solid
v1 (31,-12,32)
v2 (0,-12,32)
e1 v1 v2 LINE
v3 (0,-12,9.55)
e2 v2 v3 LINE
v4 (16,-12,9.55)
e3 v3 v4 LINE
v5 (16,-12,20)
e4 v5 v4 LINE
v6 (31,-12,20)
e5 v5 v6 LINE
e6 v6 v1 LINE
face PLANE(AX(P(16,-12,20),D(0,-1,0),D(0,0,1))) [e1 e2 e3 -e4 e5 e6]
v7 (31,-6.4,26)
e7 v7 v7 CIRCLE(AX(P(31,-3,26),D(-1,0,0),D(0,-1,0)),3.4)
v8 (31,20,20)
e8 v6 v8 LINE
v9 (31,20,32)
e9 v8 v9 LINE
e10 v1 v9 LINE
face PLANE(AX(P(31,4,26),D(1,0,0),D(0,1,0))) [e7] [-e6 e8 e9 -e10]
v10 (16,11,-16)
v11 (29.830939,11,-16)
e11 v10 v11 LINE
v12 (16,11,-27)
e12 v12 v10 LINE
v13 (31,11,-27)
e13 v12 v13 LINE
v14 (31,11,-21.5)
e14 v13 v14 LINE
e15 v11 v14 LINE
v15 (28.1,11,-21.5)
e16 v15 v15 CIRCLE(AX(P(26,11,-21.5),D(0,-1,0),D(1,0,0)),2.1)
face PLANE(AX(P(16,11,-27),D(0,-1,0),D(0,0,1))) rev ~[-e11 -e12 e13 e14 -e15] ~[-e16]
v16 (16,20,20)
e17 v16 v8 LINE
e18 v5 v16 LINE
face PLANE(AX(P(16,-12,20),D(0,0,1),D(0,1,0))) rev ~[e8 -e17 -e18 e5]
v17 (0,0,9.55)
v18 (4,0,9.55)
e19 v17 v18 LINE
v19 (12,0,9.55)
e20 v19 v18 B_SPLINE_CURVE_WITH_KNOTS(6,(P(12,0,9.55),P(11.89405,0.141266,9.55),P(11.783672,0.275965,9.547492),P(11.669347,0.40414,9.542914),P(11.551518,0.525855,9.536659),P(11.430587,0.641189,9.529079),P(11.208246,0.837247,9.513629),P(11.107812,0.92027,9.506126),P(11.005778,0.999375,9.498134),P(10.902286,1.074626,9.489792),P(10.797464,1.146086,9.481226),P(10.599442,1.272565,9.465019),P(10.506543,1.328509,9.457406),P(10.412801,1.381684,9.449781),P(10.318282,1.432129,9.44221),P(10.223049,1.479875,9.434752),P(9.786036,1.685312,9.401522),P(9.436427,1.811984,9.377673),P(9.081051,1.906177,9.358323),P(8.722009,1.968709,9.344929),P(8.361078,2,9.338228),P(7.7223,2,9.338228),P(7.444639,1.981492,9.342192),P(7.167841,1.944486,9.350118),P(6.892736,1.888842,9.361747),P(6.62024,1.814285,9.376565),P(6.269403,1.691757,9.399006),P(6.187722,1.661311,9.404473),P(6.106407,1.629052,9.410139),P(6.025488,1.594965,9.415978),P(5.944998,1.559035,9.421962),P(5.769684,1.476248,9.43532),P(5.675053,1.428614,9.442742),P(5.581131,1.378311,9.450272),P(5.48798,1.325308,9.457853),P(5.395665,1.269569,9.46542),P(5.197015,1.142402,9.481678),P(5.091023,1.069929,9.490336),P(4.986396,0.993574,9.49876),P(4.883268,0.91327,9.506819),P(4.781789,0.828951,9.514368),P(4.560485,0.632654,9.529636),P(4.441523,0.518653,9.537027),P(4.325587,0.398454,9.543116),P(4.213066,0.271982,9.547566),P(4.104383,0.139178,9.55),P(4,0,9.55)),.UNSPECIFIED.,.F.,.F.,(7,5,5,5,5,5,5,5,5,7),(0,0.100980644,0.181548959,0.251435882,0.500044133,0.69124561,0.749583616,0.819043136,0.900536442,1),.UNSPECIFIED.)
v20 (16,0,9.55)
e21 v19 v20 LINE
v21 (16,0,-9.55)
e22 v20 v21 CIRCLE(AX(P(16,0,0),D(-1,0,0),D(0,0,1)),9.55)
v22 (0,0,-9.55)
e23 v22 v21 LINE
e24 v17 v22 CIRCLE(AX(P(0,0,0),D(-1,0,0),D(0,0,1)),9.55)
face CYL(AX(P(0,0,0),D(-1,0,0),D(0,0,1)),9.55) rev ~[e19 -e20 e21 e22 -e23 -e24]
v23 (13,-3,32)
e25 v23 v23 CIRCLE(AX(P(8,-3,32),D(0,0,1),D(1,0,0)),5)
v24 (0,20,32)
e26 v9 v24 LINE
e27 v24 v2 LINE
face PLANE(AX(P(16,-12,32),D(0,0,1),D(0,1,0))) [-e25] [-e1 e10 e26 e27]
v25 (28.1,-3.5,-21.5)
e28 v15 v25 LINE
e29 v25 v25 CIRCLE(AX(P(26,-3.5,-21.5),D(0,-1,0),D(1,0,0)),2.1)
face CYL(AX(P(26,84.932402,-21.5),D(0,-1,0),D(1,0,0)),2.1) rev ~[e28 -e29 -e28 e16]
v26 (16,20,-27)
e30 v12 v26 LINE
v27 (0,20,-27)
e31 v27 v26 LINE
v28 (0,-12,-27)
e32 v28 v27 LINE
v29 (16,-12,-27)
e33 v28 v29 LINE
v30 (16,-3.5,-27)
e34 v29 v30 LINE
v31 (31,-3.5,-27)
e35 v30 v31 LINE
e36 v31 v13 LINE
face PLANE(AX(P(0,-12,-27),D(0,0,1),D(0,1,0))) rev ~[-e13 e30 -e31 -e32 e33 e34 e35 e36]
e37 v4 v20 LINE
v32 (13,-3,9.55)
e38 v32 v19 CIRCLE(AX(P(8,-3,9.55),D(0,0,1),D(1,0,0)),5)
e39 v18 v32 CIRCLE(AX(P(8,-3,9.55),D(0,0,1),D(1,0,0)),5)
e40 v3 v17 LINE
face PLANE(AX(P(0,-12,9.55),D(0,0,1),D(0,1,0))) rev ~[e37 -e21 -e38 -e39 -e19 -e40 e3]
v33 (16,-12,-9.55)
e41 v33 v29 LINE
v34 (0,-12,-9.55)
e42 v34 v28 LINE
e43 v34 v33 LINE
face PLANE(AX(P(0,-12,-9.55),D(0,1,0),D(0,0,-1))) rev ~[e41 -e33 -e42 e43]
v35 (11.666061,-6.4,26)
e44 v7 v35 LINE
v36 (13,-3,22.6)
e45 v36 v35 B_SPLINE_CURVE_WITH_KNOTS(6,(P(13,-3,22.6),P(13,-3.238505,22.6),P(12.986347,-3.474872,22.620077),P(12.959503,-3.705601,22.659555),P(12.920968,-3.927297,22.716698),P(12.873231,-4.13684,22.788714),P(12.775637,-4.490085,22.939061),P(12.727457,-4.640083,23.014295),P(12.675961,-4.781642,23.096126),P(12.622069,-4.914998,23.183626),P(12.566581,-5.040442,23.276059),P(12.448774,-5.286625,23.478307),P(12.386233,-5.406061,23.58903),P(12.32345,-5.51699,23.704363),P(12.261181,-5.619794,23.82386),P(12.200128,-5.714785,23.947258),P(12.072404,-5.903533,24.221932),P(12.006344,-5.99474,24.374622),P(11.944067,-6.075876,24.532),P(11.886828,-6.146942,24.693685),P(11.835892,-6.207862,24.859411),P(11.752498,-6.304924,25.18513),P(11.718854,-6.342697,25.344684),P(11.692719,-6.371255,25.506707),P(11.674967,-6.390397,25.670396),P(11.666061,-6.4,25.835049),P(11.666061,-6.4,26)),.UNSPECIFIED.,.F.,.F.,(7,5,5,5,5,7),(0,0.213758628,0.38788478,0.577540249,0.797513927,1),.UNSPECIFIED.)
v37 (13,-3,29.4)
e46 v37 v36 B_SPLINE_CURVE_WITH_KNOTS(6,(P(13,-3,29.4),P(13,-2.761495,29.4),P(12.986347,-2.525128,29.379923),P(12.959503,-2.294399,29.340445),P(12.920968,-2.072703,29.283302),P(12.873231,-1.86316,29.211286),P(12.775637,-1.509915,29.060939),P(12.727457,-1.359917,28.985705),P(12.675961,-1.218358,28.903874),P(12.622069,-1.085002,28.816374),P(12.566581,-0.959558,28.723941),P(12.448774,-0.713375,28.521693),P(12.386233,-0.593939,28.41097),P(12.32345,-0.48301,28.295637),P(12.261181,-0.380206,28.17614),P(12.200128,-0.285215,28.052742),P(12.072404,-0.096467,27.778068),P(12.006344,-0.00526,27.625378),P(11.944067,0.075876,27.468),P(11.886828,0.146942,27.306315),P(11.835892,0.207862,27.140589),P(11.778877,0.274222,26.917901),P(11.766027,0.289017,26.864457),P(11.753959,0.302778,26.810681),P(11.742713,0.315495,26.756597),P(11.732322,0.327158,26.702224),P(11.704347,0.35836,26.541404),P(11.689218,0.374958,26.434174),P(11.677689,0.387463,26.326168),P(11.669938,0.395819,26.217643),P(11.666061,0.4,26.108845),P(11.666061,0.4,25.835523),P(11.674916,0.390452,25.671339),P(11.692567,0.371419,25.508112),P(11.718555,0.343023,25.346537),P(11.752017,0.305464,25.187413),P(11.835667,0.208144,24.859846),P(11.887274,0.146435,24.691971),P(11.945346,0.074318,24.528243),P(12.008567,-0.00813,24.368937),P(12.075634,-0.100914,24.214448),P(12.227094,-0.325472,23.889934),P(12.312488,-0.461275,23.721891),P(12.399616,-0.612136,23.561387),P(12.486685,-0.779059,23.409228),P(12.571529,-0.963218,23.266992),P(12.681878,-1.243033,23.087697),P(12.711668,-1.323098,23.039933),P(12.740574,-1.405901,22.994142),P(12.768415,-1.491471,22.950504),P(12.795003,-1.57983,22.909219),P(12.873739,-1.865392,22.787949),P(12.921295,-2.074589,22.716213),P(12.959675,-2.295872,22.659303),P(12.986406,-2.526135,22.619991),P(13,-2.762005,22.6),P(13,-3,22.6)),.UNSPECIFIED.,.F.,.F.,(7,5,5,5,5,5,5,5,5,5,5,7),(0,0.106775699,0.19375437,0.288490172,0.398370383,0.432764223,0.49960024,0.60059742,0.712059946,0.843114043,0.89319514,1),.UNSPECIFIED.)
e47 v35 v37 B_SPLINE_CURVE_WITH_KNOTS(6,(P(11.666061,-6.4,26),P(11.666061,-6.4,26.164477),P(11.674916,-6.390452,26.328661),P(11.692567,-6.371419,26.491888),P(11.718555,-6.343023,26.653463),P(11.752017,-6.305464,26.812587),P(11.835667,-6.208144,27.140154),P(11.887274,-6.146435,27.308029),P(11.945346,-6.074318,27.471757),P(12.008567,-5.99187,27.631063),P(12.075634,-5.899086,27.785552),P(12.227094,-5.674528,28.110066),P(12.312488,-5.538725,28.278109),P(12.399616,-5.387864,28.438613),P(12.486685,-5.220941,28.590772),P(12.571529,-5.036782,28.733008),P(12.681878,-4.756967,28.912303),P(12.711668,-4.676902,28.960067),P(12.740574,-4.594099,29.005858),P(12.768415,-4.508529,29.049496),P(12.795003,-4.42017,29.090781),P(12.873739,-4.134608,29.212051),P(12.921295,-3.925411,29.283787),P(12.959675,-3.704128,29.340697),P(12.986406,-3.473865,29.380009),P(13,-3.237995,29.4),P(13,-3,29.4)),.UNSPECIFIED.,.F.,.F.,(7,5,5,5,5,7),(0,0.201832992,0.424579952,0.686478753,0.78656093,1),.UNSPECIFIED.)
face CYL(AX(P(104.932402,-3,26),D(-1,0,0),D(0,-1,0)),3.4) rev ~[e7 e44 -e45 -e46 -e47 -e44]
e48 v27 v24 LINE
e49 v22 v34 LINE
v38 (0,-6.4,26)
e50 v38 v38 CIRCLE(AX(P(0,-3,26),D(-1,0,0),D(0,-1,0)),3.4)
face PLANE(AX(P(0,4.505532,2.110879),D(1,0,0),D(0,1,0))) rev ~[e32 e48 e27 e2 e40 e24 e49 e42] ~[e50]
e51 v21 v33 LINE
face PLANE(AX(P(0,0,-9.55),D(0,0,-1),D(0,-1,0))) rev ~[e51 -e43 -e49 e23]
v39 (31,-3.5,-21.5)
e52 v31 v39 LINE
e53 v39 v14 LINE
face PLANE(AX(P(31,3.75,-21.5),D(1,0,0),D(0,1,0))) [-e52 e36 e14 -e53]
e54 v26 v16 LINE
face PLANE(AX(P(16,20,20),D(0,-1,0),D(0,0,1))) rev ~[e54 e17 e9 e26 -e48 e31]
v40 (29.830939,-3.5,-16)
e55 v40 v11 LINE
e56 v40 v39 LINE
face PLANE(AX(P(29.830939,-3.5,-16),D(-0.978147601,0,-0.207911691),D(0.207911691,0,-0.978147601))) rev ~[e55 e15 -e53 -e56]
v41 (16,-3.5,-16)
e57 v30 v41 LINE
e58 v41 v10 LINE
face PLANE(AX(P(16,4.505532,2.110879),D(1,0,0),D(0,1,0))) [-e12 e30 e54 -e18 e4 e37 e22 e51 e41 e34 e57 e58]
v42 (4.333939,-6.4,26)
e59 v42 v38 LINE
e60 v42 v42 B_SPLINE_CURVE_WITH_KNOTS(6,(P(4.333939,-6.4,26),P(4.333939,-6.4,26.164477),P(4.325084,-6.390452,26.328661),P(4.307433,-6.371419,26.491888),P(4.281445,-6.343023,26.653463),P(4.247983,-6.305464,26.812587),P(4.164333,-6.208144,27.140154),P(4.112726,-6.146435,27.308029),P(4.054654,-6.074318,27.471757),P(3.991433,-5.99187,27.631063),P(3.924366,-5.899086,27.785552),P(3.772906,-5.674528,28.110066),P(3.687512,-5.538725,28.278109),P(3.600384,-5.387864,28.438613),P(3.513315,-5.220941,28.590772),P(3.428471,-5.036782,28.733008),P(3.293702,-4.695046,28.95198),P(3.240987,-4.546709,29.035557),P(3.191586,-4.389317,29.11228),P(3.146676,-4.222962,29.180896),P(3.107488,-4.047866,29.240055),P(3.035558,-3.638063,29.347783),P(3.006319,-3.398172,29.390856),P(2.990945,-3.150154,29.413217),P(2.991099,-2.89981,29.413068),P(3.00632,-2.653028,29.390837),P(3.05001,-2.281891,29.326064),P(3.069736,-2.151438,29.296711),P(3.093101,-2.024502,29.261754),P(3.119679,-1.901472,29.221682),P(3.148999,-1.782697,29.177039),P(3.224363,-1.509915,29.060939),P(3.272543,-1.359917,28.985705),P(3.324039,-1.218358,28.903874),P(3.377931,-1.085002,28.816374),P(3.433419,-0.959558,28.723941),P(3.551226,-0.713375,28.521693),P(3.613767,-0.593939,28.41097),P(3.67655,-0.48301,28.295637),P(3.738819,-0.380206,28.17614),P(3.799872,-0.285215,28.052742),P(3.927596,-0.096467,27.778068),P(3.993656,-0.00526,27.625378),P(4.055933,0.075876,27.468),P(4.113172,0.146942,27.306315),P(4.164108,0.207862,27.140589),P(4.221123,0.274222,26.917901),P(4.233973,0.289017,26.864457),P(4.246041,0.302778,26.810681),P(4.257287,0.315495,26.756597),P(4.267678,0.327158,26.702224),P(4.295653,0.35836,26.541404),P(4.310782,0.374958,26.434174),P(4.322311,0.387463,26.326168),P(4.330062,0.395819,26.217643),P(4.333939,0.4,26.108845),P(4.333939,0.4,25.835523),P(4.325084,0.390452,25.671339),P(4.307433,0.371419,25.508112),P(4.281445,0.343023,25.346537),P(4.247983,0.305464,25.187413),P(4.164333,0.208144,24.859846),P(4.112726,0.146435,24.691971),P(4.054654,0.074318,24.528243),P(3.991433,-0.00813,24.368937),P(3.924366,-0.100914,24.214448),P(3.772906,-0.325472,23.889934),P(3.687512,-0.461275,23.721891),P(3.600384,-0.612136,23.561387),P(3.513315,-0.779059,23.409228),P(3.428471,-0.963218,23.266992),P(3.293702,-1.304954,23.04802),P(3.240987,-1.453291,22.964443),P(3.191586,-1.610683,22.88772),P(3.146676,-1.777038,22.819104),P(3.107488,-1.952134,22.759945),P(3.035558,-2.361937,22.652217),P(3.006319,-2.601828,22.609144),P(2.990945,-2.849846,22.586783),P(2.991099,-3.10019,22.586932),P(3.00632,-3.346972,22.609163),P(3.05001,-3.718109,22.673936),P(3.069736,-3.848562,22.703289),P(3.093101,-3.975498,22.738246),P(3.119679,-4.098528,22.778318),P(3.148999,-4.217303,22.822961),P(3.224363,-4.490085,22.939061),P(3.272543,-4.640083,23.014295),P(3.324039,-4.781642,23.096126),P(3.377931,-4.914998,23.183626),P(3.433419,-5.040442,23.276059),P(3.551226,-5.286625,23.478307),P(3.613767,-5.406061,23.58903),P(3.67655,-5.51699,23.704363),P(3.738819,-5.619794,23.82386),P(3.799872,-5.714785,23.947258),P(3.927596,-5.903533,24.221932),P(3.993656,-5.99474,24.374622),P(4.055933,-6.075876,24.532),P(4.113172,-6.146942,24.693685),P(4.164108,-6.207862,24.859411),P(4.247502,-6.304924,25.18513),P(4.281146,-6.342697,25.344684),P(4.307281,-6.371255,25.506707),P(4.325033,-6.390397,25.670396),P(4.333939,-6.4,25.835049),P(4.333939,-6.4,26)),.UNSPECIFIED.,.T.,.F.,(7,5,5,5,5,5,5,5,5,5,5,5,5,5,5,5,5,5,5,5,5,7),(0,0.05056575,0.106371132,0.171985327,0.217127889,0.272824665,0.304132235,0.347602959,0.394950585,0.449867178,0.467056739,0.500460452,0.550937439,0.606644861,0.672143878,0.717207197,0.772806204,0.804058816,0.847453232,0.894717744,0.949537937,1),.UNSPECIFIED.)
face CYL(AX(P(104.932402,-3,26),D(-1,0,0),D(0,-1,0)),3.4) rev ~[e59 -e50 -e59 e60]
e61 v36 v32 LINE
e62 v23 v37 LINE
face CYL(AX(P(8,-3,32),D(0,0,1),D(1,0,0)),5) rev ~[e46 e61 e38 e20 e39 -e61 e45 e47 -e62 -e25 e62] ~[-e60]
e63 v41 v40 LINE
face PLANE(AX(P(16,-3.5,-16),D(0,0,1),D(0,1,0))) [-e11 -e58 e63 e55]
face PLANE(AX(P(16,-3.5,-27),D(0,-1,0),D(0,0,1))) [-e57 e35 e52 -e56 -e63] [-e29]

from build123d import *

# Parameters (mm, degrees)
F1_DEPTH  = 16
F2_W      = 14.5
F2_H      = 11
F3_DEPTH  = 15
F5_DEPTH  = 23.501
F7_D      = 4.2
F8_W      = 32
F8_H      = 12
F9_DEPTH  = 15
F10_R     = 5
F11_DEPTH = 25
F13_D     = 6.8


with BuildPart() as f1:
    # F0 (on Right) → F1 (new body)
    with BuildSketch(Plane.YZ):
        with BuildLine():
            ThreePointArc((0, 9.55), (9.55, 0), (0, -9.55))
            Line((0, -9.55), (-12, -9.55))
            Line((-12, -9.55), (-12, -27))
            Line((-12, -27), (20, -27))
            Line((20, -27), (20, 32))
            Line((20, 32), (-12, 32))
            Line((-12, 32), (-12, 9.55))
            Line((-12, 9.55), (0, 9.55))
        make_face()
    extrude(amount=F1_DEPTH)

    # F2 (on face) → F3 (join)
    with BuildSketch(Plane.YZ.offset(16)):
        with Locations((3.75, -21.5)):
            Rectangle(F2_W, F2_H)
    extrude(amount=F3_DEPTH)

    # F4 (on face) → F5 (cut, through all)
    with BuildSketch(Plane.XZ.offset(3.5)):
        Polygon((29.8309389108, -16), (31, -21.5), (31, -16), align=None)
    extrude(amount=-F5_DEPTH, mode=Mode.SUBTRACT)

    # F7 (through all)
    with Locations(Plane(origin=(0, 11, 0), x_dir=(-1, 0, 0), z_dir=(0, 1, 0))):
        with Locations((-26, -21.5)):
            Hole(F7_D / 2)

    # F8 (on face) → F9 (join)
    with BuildSketch(Plane.YZ.offset(16)):
        with Locations((4, 26)):
            Rectangle(F8_W, F8_H)
    extrude(amount=F9_DEPTH)

    # F10 (on face) → F11 (cut)
    with BuildSketch(Plane.XY.offset(32)):
        with Locations((8, -3)):
            Circle(F10_R)
    extrude(amount=-F11_DEPTH, mode=Mode.SUBTRACT)

    # F13 (through all)
    with Locations(Plane.YZ.offset(31)):
        with Locations((-3, 26)):
            Hole(F13_D / 2)


solid = f1.part
